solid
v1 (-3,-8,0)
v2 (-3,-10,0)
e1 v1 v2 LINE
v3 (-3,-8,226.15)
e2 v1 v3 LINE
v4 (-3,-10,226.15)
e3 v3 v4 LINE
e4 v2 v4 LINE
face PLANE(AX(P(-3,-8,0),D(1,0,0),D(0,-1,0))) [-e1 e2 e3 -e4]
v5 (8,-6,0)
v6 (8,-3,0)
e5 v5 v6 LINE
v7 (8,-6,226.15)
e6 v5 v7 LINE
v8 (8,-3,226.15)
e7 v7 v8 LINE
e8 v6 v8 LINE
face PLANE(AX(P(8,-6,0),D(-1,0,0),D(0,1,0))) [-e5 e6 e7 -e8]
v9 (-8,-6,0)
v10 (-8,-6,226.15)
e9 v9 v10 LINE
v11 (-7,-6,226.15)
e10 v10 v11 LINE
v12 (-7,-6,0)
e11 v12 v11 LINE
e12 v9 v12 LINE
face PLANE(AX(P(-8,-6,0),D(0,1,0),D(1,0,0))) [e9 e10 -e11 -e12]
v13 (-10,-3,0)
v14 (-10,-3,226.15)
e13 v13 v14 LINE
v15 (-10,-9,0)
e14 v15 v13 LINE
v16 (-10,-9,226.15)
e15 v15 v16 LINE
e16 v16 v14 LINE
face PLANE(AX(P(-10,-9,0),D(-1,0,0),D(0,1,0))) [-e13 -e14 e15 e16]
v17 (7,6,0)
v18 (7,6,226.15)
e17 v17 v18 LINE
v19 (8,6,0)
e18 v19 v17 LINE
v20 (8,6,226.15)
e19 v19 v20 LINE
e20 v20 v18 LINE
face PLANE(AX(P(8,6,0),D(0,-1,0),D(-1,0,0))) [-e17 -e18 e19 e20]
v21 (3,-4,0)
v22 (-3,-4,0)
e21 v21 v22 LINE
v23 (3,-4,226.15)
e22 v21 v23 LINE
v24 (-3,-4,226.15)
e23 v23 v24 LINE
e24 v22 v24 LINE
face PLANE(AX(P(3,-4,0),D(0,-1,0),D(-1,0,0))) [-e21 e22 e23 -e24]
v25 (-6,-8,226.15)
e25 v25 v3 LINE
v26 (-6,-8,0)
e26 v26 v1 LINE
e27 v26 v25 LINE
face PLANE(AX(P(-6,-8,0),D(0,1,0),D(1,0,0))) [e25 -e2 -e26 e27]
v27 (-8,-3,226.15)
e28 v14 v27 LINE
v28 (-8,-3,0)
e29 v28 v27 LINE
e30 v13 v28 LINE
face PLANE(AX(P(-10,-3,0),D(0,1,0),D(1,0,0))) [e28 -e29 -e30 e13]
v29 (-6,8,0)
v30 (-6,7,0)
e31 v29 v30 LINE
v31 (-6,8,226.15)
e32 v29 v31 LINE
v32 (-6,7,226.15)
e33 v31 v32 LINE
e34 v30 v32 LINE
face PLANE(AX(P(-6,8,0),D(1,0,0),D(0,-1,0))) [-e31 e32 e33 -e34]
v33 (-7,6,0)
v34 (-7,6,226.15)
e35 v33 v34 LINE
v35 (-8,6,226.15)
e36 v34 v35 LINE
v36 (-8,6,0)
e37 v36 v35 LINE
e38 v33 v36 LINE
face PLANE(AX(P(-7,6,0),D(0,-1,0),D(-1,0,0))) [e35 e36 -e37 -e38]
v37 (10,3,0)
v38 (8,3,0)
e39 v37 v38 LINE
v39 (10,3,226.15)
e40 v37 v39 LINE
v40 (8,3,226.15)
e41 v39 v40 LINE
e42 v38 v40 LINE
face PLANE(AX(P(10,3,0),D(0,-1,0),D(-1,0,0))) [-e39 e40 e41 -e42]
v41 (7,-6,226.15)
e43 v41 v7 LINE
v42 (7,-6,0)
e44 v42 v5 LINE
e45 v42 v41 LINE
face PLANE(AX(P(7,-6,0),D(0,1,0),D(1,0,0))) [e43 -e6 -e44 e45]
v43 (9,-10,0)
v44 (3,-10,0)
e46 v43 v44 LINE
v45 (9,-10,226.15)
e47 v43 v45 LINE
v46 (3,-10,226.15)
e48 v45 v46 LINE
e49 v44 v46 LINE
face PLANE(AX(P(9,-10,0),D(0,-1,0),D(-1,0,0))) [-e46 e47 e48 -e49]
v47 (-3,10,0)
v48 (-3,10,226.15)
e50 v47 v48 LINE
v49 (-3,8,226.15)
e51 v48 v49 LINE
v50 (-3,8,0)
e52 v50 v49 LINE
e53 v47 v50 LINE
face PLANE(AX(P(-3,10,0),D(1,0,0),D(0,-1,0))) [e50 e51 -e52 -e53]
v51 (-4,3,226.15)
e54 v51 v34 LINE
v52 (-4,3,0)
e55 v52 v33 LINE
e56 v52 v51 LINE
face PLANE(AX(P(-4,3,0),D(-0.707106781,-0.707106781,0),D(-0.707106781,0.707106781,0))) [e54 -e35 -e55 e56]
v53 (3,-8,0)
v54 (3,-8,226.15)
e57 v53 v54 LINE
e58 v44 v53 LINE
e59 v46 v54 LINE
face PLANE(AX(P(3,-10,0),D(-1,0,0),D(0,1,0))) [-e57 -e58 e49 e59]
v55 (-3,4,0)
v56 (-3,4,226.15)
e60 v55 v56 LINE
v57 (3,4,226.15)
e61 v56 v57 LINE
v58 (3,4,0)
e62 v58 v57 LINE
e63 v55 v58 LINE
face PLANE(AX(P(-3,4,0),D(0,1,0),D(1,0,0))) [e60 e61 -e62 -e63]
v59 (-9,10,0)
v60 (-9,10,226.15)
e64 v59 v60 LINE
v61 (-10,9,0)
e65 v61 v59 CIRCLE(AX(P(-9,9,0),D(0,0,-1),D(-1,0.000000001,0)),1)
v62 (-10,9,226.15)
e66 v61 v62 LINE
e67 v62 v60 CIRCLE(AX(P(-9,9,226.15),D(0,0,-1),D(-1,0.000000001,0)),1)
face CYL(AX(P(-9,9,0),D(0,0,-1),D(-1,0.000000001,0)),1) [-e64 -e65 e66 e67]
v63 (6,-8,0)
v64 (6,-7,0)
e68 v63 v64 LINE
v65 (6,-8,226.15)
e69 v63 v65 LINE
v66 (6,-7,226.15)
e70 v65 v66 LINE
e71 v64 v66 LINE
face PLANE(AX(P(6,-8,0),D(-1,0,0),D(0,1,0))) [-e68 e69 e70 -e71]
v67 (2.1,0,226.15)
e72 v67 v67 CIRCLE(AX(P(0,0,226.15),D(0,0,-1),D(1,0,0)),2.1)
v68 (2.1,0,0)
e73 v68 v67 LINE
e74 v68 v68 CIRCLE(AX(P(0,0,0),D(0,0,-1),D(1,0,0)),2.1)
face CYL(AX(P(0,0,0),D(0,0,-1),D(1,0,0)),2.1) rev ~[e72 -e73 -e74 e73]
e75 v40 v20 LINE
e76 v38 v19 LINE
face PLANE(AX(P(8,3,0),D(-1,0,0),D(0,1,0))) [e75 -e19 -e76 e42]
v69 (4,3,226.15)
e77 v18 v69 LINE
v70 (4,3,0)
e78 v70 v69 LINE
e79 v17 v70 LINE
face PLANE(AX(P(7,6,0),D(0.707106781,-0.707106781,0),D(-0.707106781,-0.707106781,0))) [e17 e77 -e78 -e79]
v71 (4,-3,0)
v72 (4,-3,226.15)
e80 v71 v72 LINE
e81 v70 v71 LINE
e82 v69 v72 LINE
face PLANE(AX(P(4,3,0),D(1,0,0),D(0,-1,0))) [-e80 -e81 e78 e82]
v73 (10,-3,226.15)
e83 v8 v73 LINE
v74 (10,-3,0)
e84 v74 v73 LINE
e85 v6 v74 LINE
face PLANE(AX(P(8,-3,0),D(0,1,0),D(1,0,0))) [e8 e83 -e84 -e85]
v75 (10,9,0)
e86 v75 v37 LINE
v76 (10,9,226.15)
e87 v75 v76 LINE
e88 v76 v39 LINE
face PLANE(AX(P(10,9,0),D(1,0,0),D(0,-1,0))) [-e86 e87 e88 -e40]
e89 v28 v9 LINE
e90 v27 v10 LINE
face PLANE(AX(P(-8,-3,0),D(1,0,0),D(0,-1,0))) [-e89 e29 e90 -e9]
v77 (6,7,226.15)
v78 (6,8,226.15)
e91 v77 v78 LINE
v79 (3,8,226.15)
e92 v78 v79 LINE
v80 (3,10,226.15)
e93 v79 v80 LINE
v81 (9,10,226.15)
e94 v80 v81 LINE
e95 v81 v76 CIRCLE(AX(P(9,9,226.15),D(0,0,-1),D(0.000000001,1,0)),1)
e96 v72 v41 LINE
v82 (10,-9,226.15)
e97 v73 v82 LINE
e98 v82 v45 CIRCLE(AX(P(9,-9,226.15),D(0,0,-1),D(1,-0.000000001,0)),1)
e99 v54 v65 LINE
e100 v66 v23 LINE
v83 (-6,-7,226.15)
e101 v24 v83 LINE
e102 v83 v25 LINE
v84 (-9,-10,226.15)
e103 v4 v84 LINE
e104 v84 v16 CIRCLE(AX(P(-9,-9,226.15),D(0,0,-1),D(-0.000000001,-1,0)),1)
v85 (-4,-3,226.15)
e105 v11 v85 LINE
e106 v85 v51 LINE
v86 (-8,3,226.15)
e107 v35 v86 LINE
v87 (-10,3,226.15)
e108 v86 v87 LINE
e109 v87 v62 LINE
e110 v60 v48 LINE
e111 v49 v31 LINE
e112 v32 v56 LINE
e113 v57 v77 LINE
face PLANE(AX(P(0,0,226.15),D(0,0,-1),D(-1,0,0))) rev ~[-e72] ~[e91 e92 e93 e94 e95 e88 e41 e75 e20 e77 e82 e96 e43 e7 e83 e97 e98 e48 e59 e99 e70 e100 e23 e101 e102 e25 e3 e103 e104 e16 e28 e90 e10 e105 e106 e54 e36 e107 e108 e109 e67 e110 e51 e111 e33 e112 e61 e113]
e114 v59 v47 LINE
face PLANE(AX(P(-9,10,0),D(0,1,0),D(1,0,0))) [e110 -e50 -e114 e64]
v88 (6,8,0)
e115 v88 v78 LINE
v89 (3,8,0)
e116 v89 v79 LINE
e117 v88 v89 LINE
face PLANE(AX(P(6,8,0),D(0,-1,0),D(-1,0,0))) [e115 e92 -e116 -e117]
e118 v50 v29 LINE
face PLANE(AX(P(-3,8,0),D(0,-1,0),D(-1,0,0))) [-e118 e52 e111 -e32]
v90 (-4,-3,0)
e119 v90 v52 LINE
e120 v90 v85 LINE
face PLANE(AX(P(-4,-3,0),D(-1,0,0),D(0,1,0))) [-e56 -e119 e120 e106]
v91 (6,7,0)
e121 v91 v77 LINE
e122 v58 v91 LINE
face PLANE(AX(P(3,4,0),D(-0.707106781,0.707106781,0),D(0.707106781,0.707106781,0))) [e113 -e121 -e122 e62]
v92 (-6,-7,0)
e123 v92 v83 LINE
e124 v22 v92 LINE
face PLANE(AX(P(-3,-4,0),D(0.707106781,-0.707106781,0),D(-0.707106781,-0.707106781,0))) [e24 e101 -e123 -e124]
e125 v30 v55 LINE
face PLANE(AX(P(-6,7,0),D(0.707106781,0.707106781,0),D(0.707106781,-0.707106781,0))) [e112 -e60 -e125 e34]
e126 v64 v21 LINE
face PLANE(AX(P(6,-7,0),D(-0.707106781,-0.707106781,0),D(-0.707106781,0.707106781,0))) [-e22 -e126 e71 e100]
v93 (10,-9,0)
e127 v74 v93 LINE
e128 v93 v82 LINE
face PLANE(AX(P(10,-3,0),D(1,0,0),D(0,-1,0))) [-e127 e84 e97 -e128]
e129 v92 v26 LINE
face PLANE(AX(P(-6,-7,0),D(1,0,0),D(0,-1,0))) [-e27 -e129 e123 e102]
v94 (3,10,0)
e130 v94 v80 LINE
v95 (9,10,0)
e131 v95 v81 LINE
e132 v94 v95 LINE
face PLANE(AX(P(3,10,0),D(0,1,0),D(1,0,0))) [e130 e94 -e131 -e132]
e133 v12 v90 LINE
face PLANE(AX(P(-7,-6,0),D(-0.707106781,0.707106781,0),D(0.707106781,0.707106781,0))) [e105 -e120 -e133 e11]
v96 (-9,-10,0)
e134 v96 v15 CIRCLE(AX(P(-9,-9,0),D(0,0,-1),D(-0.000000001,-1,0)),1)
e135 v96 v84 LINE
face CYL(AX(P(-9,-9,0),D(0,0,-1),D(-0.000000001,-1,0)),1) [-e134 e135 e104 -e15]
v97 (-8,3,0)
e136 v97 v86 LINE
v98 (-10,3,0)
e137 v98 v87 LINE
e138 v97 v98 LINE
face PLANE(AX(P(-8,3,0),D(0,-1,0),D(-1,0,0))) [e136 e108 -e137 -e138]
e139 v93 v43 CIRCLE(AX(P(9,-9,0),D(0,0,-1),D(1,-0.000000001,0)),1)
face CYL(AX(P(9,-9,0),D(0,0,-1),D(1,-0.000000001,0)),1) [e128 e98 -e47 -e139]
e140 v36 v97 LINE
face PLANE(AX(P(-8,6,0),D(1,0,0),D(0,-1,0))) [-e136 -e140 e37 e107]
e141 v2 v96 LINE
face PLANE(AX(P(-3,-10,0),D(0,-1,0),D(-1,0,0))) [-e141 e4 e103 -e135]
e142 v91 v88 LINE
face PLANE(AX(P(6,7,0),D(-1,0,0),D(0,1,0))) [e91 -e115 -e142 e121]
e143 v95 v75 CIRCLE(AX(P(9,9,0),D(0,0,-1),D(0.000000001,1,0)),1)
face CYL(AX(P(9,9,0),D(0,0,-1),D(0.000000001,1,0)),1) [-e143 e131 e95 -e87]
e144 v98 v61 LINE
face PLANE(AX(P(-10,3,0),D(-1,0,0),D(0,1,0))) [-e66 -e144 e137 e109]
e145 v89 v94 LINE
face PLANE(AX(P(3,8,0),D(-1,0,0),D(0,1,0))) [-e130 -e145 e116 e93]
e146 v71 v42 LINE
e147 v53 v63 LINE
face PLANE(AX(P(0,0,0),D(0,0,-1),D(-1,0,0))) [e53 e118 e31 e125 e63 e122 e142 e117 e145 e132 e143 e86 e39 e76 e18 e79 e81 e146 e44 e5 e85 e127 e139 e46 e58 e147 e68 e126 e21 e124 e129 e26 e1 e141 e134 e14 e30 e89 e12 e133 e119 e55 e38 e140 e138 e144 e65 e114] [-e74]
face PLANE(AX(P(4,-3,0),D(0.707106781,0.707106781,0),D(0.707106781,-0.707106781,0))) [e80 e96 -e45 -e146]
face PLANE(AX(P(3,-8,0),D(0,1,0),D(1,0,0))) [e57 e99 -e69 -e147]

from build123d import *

# Parameters (mm, degrees)
SKETCH1_R           = 2.1
BOSS_EXTRUDE1_DEPTH = 226.15


with BuildPart() as part:
    # Sketch1 → Boss-Extrude1 (new body)
    with BuildSketch(Plane(origin=(0, 0, 0), x_dir=(-1, 0, 0), z_dir=(0, 0, -1))):
        with BuildLine():
            Line((6, -8), (3, -8))
            Line((3, -8), (3, -10))
            Line((3, -10), (9, -10))
            ThreePointArc((9, -10), (9.707106781, -9.707106781), (10, -9))
            Line((10, -9), (10, -3))
            Line((10, -3), (8, -3))
            Line((8, -3), (8, -6))
            Line((8, -6), (7, -6))
            Line((7, -6), (4, -3))
            Line((4, -3), (4, 3))
            Line((4, 3), (7, 6))
            Line((7, 6), (8, 6))
            Line((8, 6), (8, 3))
            Line((8, 3), (10, 3))
            Line((10, 3), (10, 9))
            ThreePointArc((10, 9), (9.707106781, 9.707106781), (9, 10))
            Line((9, 10), (3, 10))
            Line((3, 10), (3, 8))
            Line((3, 8), (6, 8))
            Line((6, 8), (6, 7))
            Line((6, 7), (3, 4))
            Line((3, 4), (-3, 4))
            Line((-3, 4), (-6, 7))
            Line((-6, 7), (-6, 8))
            Line((-6, 8), (-3, 8))
            Line((-3, 8), (-3, 10))
            Line((-3, 10), (-9, 10))
            ThreePointArc((-9, 10), (-9.707106781, 9.707106781), (-10, 9))
            Line((-10, 9), (-10, 3))
            Line((-10, 3), (-8, 3))
            Line((-8, 3), (-8, 6))
            Line((-8, 6), (-7, 6))
            Line((-7, 6), (-4, 3))
            Line((-4, 3), (-4, -3))
            Line((-4, -3), (-7, -6))
            Line((-7, -6), (-8, -6))
            Line((-8, -6), (-8, -3))
            Line((-8, -3), (-10, -3))
            Line((-10, -3), (-10, -9))
            ThreePointArc((-10, -9), (-9.707106781, -9.707106781), (-9, -10))
            Line((-9, -10), (-3, -10))
            Line((-3, -10), (-3, -8))
            Line((-3, -8), (-6, -8))
            Line((-6, -8), (-6, -7))
            Line((-6, -7), (-3, -4))
            Line((-3, -4), (3, -4))
            Line((3, -4), (6, -7))
            Line((6, -7), (6, -8))
        make_face()
        with Locations(Location((0, 0, 0), (0, 0, 180))):
            Circle(SKETCH1_R, mode=Mode.SUBTRACT)
    extrude(amount=-BOSS_EXTRUDE1_DEPTH)


solid = part.part
